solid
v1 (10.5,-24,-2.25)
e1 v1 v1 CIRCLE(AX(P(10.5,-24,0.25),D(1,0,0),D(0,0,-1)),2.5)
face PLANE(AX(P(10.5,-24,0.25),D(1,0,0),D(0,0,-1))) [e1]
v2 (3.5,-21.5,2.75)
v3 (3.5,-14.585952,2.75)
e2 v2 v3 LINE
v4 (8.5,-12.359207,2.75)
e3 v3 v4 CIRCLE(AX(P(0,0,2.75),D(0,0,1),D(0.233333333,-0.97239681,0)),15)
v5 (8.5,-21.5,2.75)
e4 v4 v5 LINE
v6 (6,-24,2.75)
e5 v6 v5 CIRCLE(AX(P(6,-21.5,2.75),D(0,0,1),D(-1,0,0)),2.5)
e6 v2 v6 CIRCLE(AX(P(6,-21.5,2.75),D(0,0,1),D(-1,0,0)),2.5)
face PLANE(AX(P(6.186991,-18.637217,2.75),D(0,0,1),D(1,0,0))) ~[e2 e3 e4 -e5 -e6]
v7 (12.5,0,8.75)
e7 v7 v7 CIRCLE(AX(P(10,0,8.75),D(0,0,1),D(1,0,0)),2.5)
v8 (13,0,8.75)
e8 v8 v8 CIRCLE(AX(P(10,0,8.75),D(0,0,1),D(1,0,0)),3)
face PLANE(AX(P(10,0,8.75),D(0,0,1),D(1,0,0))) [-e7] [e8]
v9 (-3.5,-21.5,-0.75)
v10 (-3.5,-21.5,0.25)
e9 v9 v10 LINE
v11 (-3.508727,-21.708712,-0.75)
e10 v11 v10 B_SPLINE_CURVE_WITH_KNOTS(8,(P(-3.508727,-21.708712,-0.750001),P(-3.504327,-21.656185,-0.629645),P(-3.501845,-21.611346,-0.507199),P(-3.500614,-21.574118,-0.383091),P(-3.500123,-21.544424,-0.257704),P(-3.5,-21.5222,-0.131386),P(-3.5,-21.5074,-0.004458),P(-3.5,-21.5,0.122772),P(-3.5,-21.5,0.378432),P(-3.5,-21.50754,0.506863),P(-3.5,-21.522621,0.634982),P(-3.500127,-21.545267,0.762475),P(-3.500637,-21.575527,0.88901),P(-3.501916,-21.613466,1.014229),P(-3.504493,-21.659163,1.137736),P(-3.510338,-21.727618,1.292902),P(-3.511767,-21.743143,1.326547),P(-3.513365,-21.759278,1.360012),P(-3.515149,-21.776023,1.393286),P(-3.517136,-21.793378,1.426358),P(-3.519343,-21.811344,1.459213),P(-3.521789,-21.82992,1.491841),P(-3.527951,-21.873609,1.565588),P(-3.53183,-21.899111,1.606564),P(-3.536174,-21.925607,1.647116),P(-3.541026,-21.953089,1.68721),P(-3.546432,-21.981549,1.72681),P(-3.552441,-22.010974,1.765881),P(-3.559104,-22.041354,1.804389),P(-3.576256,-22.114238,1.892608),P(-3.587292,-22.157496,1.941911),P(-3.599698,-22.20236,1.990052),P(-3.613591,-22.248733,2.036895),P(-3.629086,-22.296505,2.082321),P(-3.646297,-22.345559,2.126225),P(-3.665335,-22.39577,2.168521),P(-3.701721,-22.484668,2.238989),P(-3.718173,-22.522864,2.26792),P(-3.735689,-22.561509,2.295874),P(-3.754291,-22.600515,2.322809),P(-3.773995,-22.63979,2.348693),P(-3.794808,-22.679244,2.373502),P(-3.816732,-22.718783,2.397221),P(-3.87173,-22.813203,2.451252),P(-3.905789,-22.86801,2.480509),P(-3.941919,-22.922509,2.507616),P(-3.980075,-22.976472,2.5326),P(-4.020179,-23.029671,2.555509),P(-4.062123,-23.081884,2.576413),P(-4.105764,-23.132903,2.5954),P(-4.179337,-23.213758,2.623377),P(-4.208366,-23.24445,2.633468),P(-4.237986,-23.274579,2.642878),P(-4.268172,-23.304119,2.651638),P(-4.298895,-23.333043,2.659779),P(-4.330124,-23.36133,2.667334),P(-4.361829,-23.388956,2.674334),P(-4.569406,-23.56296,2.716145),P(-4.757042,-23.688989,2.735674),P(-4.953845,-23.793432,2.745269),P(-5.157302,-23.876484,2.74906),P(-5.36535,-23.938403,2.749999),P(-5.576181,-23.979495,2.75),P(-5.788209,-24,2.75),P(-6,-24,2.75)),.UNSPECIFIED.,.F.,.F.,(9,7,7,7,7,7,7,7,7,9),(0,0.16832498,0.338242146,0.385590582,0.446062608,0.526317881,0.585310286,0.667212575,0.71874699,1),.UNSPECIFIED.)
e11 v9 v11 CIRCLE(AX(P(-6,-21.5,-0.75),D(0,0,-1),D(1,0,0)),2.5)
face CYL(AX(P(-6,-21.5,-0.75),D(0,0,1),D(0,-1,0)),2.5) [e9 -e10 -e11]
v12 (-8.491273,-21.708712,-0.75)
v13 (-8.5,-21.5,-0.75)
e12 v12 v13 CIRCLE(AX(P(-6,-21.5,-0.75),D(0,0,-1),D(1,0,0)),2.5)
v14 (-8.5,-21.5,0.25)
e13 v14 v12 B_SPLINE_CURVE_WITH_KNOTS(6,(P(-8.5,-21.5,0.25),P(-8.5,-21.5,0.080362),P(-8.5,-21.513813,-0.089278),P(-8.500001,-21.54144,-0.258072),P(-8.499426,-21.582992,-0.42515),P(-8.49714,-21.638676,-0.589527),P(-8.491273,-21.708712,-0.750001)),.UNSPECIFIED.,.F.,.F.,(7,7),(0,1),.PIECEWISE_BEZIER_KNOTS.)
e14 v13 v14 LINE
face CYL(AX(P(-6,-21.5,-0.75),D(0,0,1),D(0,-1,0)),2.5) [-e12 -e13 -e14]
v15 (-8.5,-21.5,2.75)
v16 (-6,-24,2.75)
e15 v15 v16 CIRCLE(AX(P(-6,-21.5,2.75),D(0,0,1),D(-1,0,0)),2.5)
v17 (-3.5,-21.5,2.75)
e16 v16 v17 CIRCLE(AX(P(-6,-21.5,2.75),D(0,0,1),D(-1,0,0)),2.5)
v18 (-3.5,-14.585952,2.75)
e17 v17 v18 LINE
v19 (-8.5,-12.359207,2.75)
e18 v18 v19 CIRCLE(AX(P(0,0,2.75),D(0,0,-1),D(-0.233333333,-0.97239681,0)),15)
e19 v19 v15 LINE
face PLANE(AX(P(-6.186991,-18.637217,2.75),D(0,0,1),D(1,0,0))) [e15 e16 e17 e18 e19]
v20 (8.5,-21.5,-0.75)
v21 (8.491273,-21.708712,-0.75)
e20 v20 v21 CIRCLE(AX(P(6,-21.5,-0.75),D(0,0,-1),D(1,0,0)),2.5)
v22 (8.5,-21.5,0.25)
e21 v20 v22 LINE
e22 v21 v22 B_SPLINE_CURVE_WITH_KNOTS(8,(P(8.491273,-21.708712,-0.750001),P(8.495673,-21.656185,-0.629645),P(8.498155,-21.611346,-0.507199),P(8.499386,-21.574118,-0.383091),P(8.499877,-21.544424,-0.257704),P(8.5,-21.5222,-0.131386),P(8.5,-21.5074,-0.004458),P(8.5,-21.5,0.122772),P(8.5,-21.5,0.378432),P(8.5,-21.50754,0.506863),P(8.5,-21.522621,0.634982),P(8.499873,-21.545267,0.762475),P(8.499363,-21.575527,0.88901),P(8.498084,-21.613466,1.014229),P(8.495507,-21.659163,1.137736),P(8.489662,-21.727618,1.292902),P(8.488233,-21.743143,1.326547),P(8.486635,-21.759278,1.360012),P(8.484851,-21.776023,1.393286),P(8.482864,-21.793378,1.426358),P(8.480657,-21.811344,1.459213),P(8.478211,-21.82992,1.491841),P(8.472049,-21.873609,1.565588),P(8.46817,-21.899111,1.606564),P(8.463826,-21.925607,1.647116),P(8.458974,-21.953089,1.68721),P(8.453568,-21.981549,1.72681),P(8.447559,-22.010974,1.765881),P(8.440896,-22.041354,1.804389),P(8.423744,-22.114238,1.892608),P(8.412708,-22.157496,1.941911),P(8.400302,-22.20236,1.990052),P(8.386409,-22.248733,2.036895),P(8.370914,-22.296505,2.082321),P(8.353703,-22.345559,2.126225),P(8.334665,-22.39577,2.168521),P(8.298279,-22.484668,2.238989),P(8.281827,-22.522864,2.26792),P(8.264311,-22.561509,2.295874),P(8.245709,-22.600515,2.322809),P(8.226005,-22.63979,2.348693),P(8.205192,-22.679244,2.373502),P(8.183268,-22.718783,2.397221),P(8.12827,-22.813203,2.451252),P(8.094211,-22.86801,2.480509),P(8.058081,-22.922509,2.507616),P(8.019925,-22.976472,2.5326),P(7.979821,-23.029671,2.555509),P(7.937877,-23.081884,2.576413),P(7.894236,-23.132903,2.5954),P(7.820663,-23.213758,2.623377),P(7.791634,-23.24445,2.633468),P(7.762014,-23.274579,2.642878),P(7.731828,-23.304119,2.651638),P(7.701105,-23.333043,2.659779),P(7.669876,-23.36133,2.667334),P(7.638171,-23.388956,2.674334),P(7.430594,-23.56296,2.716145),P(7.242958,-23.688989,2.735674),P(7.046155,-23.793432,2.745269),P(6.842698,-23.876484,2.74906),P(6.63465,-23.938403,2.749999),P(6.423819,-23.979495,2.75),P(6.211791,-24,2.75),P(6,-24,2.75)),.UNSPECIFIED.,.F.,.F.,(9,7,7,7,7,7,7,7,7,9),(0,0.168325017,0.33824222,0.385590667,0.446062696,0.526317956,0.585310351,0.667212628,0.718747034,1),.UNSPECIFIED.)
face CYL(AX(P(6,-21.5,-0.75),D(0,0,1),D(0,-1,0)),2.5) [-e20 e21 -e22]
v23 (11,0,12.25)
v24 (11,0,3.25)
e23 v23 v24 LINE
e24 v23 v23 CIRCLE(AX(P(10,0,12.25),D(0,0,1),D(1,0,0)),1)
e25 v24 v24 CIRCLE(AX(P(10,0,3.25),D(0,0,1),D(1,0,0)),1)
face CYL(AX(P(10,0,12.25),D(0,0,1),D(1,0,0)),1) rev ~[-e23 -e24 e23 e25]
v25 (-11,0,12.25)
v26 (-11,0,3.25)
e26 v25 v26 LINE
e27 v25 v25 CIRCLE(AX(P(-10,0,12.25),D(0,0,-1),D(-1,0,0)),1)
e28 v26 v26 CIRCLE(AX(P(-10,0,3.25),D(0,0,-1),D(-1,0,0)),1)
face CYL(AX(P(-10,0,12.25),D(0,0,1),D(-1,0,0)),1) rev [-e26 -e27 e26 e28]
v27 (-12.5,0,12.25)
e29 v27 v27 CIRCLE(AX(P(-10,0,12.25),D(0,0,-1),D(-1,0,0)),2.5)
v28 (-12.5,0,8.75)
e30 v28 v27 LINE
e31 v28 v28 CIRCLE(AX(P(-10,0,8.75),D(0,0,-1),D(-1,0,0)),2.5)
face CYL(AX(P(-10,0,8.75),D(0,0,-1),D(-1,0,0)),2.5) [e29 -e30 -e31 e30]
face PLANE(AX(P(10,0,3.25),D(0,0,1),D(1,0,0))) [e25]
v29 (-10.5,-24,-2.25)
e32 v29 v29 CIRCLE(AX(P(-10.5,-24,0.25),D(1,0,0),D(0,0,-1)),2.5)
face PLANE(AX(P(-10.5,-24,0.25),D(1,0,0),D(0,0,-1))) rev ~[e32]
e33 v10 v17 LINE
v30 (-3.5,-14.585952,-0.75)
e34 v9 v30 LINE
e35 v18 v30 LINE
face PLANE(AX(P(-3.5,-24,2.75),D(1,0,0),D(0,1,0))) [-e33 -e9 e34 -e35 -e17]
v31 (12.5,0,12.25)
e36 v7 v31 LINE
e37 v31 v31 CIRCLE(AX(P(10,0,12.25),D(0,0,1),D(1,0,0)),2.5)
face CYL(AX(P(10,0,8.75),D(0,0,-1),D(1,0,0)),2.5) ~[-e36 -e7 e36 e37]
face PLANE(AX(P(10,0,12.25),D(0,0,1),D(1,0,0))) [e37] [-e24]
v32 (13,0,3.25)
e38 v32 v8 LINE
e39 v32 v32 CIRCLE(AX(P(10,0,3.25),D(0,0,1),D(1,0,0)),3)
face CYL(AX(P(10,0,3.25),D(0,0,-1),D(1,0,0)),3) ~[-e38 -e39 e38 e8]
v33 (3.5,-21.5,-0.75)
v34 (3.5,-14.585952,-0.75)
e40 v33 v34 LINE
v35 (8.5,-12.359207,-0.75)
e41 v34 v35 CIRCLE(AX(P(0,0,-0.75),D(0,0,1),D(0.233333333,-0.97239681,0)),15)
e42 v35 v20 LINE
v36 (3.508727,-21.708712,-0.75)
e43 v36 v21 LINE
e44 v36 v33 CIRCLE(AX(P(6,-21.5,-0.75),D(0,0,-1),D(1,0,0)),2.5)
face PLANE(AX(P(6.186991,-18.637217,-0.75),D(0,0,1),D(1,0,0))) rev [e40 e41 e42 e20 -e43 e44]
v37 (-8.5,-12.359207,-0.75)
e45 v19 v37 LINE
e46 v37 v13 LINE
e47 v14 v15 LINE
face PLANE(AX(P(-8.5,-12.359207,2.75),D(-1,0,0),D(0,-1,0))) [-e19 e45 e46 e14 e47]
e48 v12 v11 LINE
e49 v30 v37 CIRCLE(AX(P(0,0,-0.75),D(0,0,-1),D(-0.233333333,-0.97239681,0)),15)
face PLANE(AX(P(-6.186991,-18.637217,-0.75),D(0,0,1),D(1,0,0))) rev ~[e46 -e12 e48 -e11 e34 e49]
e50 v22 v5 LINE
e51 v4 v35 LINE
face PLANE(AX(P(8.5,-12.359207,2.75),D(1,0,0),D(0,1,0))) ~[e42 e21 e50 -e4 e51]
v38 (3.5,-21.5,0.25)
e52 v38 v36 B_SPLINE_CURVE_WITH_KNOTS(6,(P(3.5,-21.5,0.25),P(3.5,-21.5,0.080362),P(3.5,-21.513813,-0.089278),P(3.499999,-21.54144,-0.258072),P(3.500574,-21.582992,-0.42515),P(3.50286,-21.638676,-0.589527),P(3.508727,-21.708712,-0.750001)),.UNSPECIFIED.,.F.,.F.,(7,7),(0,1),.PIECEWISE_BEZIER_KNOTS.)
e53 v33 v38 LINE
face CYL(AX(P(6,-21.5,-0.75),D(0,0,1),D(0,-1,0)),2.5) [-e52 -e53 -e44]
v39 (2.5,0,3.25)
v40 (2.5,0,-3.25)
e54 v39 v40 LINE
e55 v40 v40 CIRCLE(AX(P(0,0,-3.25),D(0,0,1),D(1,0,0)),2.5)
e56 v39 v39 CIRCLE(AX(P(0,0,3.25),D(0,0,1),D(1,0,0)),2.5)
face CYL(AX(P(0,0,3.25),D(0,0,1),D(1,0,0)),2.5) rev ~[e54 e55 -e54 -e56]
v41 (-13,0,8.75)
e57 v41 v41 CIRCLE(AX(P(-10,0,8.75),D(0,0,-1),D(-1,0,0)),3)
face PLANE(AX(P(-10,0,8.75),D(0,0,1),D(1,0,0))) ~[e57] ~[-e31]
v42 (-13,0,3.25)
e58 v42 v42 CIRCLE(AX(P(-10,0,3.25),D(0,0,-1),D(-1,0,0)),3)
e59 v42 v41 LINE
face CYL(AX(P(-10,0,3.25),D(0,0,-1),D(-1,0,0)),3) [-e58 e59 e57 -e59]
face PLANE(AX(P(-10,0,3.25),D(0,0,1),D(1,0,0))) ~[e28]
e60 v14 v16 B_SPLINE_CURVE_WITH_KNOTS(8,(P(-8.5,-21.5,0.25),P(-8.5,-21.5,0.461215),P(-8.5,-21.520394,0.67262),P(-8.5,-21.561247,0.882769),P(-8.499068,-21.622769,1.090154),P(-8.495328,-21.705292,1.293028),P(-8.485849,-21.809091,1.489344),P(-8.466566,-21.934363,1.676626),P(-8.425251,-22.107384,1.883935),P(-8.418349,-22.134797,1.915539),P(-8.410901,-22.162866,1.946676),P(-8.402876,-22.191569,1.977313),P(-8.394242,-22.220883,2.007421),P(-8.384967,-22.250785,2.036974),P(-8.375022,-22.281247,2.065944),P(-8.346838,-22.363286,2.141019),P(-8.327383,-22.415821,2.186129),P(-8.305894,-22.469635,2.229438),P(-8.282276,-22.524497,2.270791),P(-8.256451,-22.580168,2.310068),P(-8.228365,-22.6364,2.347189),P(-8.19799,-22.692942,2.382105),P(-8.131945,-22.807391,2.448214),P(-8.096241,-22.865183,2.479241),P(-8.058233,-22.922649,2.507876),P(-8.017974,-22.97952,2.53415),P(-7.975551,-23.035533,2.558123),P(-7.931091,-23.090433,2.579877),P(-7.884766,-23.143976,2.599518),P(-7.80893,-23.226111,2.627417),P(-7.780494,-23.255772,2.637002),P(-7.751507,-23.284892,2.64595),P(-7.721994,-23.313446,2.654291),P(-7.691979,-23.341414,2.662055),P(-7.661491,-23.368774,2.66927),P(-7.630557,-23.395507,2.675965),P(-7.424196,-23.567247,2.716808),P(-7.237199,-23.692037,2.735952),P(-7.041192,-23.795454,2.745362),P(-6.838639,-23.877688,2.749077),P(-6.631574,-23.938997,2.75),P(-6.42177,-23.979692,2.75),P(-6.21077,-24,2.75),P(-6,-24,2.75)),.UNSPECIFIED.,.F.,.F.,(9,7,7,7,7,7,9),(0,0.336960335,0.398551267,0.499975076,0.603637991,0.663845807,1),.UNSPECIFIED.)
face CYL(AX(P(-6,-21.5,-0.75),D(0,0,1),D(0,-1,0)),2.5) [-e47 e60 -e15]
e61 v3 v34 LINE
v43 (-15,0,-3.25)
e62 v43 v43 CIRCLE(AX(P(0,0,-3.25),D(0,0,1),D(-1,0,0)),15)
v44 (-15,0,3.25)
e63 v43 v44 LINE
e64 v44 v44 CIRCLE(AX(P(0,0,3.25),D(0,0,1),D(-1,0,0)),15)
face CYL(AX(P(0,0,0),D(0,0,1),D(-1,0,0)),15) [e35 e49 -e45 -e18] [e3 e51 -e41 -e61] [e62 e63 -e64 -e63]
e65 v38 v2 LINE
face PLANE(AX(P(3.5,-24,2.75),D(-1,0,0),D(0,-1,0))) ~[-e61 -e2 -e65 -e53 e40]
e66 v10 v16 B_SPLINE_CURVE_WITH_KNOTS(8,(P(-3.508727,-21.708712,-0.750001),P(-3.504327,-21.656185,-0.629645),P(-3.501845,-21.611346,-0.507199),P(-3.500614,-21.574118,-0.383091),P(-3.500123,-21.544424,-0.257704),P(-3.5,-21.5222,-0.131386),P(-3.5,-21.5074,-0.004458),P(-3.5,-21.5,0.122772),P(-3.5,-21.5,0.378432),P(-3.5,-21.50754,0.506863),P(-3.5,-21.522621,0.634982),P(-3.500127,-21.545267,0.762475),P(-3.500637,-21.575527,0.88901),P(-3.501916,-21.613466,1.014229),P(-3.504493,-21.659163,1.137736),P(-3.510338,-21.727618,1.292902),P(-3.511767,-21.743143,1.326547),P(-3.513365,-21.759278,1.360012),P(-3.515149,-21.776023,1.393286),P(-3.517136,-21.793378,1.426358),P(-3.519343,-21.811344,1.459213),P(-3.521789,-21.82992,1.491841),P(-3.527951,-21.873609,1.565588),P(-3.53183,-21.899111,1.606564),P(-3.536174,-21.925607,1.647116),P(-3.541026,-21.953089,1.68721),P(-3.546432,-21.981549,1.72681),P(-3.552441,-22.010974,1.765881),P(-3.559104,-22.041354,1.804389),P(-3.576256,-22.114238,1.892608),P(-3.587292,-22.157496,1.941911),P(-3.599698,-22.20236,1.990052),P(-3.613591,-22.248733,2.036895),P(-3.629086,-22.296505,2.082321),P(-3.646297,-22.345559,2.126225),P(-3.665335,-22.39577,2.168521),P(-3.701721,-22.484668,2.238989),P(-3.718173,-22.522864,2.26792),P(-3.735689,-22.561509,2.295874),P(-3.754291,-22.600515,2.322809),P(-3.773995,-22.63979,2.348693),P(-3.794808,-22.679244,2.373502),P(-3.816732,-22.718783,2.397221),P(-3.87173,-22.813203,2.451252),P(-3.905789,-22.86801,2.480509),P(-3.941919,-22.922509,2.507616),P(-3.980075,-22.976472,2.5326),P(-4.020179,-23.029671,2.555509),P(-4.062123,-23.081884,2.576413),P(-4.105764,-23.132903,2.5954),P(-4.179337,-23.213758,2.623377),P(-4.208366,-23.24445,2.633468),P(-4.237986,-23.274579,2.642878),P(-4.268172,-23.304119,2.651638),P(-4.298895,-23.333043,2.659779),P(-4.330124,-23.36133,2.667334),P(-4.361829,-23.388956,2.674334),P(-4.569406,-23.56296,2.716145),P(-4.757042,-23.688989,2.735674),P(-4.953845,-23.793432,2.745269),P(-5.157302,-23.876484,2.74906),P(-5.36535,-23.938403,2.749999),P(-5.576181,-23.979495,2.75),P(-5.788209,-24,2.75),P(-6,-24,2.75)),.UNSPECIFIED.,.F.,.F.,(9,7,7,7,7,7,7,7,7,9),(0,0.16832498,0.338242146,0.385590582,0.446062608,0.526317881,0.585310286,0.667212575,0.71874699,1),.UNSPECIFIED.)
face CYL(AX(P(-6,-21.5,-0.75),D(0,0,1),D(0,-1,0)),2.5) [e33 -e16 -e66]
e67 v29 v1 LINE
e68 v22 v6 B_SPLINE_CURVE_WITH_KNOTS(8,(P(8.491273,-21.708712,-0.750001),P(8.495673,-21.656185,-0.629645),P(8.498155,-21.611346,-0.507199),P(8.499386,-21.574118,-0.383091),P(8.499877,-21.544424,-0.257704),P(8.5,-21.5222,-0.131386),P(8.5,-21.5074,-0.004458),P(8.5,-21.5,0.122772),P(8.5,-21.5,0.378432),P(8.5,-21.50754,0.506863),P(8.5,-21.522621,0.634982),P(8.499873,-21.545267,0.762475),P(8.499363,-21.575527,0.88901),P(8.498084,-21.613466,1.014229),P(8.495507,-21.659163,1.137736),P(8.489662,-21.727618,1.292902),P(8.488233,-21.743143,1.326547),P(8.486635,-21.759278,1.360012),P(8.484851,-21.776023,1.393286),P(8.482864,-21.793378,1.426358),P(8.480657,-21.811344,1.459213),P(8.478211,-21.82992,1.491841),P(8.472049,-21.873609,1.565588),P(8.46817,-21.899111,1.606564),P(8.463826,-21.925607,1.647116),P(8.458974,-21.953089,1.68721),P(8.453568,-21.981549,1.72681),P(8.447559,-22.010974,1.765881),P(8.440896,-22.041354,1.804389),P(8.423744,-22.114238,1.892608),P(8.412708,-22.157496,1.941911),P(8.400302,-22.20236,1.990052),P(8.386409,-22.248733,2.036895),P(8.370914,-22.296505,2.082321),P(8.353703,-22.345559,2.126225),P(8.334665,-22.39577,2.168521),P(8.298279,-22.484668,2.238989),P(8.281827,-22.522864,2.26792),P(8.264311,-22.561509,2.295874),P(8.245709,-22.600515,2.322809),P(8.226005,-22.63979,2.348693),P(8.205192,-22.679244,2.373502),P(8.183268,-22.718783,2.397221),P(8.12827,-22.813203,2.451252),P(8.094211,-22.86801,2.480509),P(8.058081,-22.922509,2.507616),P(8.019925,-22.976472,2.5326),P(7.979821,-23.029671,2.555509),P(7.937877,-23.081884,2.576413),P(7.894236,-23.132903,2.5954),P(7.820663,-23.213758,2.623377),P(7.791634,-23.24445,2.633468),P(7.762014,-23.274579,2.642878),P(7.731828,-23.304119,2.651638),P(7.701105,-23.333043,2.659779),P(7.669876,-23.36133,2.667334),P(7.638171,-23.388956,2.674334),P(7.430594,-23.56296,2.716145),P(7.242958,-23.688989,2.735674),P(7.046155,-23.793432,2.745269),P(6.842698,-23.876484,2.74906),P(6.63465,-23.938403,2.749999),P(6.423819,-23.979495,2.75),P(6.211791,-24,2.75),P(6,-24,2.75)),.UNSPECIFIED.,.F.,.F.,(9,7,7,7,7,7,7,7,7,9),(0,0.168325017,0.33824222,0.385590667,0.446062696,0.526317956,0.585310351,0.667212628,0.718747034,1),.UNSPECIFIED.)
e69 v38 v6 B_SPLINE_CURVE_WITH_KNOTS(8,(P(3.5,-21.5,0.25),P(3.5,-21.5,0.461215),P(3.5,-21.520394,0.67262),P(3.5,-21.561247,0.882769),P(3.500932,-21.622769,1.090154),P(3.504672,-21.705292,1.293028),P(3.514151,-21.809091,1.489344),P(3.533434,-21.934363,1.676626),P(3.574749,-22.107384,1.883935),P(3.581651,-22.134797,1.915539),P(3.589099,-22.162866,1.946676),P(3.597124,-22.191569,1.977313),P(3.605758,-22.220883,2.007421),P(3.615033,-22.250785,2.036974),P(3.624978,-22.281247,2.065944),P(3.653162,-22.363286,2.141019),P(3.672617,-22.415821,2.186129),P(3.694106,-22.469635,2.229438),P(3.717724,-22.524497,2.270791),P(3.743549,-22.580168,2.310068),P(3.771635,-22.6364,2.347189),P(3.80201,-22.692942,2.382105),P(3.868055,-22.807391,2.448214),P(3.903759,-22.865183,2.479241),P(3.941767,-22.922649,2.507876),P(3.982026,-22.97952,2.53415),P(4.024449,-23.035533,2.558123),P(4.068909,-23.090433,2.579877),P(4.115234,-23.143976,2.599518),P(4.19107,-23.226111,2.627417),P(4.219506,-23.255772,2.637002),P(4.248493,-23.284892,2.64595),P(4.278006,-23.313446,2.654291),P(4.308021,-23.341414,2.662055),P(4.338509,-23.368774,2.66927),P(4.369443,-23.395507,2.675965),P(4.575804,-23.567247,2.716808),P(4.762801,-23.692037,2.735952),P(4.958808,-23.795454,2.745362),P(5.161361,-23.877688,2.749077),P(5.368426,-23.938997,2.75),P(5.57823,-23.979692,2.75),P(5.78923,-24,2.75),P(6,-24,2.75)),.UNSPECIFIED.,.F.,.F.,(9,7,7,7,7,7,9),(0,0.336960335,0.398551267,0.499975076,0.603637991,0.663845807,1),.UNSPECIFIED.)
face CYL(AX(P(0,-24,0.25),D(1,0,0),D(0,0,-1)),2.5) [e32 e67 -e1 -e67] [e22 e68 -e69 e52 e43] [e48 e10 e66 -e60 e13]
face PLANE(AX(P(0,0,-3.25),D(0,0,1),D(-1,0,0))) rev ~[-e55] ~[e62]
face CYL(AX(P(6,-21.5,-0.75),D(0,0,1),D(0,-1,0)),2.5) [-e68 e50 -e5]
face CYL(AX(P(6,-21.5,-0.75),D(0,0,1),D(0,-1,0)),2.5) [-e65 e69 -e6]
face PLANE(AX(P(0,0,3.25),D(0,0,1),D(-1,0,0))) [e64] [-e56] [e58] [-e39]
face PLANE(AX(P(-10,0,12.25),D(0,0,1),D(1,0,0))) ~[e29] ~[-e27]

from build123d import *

# Parameters (mm, degrees)
SKETCH1_R                   = 15
BOSS_EXTRUDE1_DEPTH         = 3.25
BOSS_EXTRUDE2_START         = -0.5
BOSS_EXTRUDE2_DEPTH         = 3.5
FILLET1_RADIUS              = 2.5
FILLET1_LENGTH              = 3.5
FILLET1_OF_MIRROR1_2_RADIUS = 2.5
FILLET1_OF_MIRROR1_2_LENGTH = 3.5
SKETCH3_R                   = 2.5
BOSS_EXTRUDE3_DEPTH         = 10.5
SKETCH4_R                   = 3
BOSS_EXTRUDE4_DEPTH         = 5.5
SKETCH5_R                   = 2.5
BOSS_EXTRUDE5_DEPTH         = 3.5
SKETCH6_R                   = 1
CUT_EXTRUDE1_DEPTH          = 9
SKETCH7_R                   = 2.5
CUT_EXTRUDE2_DEPTH          = 32.752952702


with BuildPart() as part:
    # Sketch1 → Boss-Extrude1 (new, symmetric)
    with BuildSketch(Plane.XY):
        with Locations(Location((0, 0, 0), (0, 0, 180))):
            Circle(SKETCH1_R)
    extrude(amount=BOSS_EXTRUDE1_DEPTH, both=True)

    # Sketch2 → Boss-Extrude2 (add)
    with BuildSketch(Plane.XY.offset(3.25).offset(BOSS_EXTRUDE2_START)):
        with BuildLine():
            Line((-8.5, -12.359207094), (-8.5, -24))
            Line((-8.5, -24), (-3.5, -24))
            Line((-3.5, -24), (-3.5, -14.585952146))
            ThreePointArc((-3.5, -14.585952146), (-6.102425615, -13.702569161), (-8.5, -12.359207094))
        make_face()
    boss_extrude2 = extrude(amount=-BOSS_EXTRUDE2_DEPTH)

    # Fillet1: full round fillet: the end face becomes a half cylinder, R = half its width
    fillet1_face = Plane((-6, -24, 1), x_dir=(0, 0, 1), z_dir=(0, -1, 0))  # on the end face: x along it, z out of the body
    fillet1_slab = fillet1_face.offset(-FILLET1_RADIUS / 2) * Box(FILLET1_LENGTH, 2 * FILLET1_RADIUS, FILLET1_RADIUS, mode=Mode.PRIVATE)  # the body's end, R deep
    fillet1_round = Plane((-6, -21.5, 1), x_dir=(0, -1, 0), z_dir=(0, 0, 1)) * Cylinder(FILLET1_RADIUS, FILLET1_LENGTH, mode=Mode.PRIVATE)  # its axis R under the face
    add(fillet1_slab - fillet1_round, mode=Mode.SUBTRACT)

    # Mirror1: Boss-Extrude2 across plane
    add(boss_extrude2.mirror(Plane(origin=(0, 0, 0), x_dir=(0, 0, 1), z_dir=(1, 0, 0))))

    # Fillet1 of Mirror1 2: full round fillet: the end face becomes a half cylinder, R = half its width
    fillet1_of_mirror1_2_face = Plane((6, -24, 1), x_dir=(0, 0, 1), z_dir=(0, -1, 0))  # on the end face: x along it, z out of the body
    fillet1_of_mirror1_2_slab = fillet1_of_mirror1_2_face.offset(-FILLET1_OF_MIRROR1_2_RADIUS / 2) * Box(FILLET1_OF_MIRROR1_2_LENGTH, 2 * FILLET1_OF_MIRROR1_2_RADIUS, FILLET1_OF_MIRROR1_2_RADIUS, mode=Mode.PRIVATE)  # the body's end, R deep
    fillet1_of_mirror1_2_round = Plane((6, -21.5, 1), x_dir=(0, -1, 0), z_dir=(0, 0, 1)) * Cylinder(FILLET1_OF_MIRROR1_2_RADIUS, FILLET1_OF_MIRROR1_2_LENGTH, mode=Mode.PRIVATE)  # its axis R under the face
    add(fillet1_of_mirror1_2_slab - fillet1_of_mirror1_2_round, mode=Mode.SUBTRACT)

    # Sketch3 → Boss-Extrude3 (add, symmetric)
    with BuildSketch(Plane(origin=(0, 0, 0), x_dir=(0, 0, -1), z_dir=(1, 0, 0))):
        with Locations((-0.25, -24)):
            Circle(SKETCH3_R)
    extrude(amount=BOSS_EXTRUDE3_DEPTH, both=True)

    # Sketch4 → Boss-Extrude4 (add)
    with BuildSketch(Plane.XY.offset(3.25)):
        with Locations((10, 0)):
            Circle(SKETCH4_R)
    boss_extrude4 = extrude(amount=BOSS_EXTRUDE4_DEPTH)

    # Sketch5 → Boss-Extrude5 (add)
    with BuildSketch(Plane.XY.offset(8.75)):
        with Locations((10, 0)):
            Circle(SKETCH5_R)
    boss_extrude5 = extrude(amount=BOSS_EXTRUDE5_DEPTH)

    # Sketch6 → Cut-Extrude1 (cut)
    with BuildSketch(Plane.XY.offset(12.25)):
        with Locations((10, 0)):
            Circle(SKETCH6_R)
    cut_extrude1 = extrude(amount=-CUT_EXTRUDE1_DEPTH, mode=Mode.SUBTRACT)

    # Mirror2: Boss-Extrude4, Boss-Extrude5, Cut-Extrude1 across plane
    add(boss_extrude4.mirror(Plane(origin=(0, 0, 0), x_dir=(0, 0, 1), z_dir=(1, 0, 0))))
    add(boss_extrude5.mirror(Plane(origin=(0, 0, 0), x_dir=(0, 0, 1), z_dir=(1, 0, 0))))
    add(cut_extrude1.mirror(Plane(origin=(0, 0, 0), x_dir=(0, 0, 1), z_dir=(1, 0, 0))), mode=Mode.SUBTRACT)

    # Sketch7 → Cut-Extrude2 (cut, through all)
    with BuildSketch(Plane.XY.offset(3.25)):
        Circle(SKETCH7_R)
    extrude(amount=-CUT_EXTRUDE2_DEPTH, mode=Mode.SUBTRACT)


solid = part.part
